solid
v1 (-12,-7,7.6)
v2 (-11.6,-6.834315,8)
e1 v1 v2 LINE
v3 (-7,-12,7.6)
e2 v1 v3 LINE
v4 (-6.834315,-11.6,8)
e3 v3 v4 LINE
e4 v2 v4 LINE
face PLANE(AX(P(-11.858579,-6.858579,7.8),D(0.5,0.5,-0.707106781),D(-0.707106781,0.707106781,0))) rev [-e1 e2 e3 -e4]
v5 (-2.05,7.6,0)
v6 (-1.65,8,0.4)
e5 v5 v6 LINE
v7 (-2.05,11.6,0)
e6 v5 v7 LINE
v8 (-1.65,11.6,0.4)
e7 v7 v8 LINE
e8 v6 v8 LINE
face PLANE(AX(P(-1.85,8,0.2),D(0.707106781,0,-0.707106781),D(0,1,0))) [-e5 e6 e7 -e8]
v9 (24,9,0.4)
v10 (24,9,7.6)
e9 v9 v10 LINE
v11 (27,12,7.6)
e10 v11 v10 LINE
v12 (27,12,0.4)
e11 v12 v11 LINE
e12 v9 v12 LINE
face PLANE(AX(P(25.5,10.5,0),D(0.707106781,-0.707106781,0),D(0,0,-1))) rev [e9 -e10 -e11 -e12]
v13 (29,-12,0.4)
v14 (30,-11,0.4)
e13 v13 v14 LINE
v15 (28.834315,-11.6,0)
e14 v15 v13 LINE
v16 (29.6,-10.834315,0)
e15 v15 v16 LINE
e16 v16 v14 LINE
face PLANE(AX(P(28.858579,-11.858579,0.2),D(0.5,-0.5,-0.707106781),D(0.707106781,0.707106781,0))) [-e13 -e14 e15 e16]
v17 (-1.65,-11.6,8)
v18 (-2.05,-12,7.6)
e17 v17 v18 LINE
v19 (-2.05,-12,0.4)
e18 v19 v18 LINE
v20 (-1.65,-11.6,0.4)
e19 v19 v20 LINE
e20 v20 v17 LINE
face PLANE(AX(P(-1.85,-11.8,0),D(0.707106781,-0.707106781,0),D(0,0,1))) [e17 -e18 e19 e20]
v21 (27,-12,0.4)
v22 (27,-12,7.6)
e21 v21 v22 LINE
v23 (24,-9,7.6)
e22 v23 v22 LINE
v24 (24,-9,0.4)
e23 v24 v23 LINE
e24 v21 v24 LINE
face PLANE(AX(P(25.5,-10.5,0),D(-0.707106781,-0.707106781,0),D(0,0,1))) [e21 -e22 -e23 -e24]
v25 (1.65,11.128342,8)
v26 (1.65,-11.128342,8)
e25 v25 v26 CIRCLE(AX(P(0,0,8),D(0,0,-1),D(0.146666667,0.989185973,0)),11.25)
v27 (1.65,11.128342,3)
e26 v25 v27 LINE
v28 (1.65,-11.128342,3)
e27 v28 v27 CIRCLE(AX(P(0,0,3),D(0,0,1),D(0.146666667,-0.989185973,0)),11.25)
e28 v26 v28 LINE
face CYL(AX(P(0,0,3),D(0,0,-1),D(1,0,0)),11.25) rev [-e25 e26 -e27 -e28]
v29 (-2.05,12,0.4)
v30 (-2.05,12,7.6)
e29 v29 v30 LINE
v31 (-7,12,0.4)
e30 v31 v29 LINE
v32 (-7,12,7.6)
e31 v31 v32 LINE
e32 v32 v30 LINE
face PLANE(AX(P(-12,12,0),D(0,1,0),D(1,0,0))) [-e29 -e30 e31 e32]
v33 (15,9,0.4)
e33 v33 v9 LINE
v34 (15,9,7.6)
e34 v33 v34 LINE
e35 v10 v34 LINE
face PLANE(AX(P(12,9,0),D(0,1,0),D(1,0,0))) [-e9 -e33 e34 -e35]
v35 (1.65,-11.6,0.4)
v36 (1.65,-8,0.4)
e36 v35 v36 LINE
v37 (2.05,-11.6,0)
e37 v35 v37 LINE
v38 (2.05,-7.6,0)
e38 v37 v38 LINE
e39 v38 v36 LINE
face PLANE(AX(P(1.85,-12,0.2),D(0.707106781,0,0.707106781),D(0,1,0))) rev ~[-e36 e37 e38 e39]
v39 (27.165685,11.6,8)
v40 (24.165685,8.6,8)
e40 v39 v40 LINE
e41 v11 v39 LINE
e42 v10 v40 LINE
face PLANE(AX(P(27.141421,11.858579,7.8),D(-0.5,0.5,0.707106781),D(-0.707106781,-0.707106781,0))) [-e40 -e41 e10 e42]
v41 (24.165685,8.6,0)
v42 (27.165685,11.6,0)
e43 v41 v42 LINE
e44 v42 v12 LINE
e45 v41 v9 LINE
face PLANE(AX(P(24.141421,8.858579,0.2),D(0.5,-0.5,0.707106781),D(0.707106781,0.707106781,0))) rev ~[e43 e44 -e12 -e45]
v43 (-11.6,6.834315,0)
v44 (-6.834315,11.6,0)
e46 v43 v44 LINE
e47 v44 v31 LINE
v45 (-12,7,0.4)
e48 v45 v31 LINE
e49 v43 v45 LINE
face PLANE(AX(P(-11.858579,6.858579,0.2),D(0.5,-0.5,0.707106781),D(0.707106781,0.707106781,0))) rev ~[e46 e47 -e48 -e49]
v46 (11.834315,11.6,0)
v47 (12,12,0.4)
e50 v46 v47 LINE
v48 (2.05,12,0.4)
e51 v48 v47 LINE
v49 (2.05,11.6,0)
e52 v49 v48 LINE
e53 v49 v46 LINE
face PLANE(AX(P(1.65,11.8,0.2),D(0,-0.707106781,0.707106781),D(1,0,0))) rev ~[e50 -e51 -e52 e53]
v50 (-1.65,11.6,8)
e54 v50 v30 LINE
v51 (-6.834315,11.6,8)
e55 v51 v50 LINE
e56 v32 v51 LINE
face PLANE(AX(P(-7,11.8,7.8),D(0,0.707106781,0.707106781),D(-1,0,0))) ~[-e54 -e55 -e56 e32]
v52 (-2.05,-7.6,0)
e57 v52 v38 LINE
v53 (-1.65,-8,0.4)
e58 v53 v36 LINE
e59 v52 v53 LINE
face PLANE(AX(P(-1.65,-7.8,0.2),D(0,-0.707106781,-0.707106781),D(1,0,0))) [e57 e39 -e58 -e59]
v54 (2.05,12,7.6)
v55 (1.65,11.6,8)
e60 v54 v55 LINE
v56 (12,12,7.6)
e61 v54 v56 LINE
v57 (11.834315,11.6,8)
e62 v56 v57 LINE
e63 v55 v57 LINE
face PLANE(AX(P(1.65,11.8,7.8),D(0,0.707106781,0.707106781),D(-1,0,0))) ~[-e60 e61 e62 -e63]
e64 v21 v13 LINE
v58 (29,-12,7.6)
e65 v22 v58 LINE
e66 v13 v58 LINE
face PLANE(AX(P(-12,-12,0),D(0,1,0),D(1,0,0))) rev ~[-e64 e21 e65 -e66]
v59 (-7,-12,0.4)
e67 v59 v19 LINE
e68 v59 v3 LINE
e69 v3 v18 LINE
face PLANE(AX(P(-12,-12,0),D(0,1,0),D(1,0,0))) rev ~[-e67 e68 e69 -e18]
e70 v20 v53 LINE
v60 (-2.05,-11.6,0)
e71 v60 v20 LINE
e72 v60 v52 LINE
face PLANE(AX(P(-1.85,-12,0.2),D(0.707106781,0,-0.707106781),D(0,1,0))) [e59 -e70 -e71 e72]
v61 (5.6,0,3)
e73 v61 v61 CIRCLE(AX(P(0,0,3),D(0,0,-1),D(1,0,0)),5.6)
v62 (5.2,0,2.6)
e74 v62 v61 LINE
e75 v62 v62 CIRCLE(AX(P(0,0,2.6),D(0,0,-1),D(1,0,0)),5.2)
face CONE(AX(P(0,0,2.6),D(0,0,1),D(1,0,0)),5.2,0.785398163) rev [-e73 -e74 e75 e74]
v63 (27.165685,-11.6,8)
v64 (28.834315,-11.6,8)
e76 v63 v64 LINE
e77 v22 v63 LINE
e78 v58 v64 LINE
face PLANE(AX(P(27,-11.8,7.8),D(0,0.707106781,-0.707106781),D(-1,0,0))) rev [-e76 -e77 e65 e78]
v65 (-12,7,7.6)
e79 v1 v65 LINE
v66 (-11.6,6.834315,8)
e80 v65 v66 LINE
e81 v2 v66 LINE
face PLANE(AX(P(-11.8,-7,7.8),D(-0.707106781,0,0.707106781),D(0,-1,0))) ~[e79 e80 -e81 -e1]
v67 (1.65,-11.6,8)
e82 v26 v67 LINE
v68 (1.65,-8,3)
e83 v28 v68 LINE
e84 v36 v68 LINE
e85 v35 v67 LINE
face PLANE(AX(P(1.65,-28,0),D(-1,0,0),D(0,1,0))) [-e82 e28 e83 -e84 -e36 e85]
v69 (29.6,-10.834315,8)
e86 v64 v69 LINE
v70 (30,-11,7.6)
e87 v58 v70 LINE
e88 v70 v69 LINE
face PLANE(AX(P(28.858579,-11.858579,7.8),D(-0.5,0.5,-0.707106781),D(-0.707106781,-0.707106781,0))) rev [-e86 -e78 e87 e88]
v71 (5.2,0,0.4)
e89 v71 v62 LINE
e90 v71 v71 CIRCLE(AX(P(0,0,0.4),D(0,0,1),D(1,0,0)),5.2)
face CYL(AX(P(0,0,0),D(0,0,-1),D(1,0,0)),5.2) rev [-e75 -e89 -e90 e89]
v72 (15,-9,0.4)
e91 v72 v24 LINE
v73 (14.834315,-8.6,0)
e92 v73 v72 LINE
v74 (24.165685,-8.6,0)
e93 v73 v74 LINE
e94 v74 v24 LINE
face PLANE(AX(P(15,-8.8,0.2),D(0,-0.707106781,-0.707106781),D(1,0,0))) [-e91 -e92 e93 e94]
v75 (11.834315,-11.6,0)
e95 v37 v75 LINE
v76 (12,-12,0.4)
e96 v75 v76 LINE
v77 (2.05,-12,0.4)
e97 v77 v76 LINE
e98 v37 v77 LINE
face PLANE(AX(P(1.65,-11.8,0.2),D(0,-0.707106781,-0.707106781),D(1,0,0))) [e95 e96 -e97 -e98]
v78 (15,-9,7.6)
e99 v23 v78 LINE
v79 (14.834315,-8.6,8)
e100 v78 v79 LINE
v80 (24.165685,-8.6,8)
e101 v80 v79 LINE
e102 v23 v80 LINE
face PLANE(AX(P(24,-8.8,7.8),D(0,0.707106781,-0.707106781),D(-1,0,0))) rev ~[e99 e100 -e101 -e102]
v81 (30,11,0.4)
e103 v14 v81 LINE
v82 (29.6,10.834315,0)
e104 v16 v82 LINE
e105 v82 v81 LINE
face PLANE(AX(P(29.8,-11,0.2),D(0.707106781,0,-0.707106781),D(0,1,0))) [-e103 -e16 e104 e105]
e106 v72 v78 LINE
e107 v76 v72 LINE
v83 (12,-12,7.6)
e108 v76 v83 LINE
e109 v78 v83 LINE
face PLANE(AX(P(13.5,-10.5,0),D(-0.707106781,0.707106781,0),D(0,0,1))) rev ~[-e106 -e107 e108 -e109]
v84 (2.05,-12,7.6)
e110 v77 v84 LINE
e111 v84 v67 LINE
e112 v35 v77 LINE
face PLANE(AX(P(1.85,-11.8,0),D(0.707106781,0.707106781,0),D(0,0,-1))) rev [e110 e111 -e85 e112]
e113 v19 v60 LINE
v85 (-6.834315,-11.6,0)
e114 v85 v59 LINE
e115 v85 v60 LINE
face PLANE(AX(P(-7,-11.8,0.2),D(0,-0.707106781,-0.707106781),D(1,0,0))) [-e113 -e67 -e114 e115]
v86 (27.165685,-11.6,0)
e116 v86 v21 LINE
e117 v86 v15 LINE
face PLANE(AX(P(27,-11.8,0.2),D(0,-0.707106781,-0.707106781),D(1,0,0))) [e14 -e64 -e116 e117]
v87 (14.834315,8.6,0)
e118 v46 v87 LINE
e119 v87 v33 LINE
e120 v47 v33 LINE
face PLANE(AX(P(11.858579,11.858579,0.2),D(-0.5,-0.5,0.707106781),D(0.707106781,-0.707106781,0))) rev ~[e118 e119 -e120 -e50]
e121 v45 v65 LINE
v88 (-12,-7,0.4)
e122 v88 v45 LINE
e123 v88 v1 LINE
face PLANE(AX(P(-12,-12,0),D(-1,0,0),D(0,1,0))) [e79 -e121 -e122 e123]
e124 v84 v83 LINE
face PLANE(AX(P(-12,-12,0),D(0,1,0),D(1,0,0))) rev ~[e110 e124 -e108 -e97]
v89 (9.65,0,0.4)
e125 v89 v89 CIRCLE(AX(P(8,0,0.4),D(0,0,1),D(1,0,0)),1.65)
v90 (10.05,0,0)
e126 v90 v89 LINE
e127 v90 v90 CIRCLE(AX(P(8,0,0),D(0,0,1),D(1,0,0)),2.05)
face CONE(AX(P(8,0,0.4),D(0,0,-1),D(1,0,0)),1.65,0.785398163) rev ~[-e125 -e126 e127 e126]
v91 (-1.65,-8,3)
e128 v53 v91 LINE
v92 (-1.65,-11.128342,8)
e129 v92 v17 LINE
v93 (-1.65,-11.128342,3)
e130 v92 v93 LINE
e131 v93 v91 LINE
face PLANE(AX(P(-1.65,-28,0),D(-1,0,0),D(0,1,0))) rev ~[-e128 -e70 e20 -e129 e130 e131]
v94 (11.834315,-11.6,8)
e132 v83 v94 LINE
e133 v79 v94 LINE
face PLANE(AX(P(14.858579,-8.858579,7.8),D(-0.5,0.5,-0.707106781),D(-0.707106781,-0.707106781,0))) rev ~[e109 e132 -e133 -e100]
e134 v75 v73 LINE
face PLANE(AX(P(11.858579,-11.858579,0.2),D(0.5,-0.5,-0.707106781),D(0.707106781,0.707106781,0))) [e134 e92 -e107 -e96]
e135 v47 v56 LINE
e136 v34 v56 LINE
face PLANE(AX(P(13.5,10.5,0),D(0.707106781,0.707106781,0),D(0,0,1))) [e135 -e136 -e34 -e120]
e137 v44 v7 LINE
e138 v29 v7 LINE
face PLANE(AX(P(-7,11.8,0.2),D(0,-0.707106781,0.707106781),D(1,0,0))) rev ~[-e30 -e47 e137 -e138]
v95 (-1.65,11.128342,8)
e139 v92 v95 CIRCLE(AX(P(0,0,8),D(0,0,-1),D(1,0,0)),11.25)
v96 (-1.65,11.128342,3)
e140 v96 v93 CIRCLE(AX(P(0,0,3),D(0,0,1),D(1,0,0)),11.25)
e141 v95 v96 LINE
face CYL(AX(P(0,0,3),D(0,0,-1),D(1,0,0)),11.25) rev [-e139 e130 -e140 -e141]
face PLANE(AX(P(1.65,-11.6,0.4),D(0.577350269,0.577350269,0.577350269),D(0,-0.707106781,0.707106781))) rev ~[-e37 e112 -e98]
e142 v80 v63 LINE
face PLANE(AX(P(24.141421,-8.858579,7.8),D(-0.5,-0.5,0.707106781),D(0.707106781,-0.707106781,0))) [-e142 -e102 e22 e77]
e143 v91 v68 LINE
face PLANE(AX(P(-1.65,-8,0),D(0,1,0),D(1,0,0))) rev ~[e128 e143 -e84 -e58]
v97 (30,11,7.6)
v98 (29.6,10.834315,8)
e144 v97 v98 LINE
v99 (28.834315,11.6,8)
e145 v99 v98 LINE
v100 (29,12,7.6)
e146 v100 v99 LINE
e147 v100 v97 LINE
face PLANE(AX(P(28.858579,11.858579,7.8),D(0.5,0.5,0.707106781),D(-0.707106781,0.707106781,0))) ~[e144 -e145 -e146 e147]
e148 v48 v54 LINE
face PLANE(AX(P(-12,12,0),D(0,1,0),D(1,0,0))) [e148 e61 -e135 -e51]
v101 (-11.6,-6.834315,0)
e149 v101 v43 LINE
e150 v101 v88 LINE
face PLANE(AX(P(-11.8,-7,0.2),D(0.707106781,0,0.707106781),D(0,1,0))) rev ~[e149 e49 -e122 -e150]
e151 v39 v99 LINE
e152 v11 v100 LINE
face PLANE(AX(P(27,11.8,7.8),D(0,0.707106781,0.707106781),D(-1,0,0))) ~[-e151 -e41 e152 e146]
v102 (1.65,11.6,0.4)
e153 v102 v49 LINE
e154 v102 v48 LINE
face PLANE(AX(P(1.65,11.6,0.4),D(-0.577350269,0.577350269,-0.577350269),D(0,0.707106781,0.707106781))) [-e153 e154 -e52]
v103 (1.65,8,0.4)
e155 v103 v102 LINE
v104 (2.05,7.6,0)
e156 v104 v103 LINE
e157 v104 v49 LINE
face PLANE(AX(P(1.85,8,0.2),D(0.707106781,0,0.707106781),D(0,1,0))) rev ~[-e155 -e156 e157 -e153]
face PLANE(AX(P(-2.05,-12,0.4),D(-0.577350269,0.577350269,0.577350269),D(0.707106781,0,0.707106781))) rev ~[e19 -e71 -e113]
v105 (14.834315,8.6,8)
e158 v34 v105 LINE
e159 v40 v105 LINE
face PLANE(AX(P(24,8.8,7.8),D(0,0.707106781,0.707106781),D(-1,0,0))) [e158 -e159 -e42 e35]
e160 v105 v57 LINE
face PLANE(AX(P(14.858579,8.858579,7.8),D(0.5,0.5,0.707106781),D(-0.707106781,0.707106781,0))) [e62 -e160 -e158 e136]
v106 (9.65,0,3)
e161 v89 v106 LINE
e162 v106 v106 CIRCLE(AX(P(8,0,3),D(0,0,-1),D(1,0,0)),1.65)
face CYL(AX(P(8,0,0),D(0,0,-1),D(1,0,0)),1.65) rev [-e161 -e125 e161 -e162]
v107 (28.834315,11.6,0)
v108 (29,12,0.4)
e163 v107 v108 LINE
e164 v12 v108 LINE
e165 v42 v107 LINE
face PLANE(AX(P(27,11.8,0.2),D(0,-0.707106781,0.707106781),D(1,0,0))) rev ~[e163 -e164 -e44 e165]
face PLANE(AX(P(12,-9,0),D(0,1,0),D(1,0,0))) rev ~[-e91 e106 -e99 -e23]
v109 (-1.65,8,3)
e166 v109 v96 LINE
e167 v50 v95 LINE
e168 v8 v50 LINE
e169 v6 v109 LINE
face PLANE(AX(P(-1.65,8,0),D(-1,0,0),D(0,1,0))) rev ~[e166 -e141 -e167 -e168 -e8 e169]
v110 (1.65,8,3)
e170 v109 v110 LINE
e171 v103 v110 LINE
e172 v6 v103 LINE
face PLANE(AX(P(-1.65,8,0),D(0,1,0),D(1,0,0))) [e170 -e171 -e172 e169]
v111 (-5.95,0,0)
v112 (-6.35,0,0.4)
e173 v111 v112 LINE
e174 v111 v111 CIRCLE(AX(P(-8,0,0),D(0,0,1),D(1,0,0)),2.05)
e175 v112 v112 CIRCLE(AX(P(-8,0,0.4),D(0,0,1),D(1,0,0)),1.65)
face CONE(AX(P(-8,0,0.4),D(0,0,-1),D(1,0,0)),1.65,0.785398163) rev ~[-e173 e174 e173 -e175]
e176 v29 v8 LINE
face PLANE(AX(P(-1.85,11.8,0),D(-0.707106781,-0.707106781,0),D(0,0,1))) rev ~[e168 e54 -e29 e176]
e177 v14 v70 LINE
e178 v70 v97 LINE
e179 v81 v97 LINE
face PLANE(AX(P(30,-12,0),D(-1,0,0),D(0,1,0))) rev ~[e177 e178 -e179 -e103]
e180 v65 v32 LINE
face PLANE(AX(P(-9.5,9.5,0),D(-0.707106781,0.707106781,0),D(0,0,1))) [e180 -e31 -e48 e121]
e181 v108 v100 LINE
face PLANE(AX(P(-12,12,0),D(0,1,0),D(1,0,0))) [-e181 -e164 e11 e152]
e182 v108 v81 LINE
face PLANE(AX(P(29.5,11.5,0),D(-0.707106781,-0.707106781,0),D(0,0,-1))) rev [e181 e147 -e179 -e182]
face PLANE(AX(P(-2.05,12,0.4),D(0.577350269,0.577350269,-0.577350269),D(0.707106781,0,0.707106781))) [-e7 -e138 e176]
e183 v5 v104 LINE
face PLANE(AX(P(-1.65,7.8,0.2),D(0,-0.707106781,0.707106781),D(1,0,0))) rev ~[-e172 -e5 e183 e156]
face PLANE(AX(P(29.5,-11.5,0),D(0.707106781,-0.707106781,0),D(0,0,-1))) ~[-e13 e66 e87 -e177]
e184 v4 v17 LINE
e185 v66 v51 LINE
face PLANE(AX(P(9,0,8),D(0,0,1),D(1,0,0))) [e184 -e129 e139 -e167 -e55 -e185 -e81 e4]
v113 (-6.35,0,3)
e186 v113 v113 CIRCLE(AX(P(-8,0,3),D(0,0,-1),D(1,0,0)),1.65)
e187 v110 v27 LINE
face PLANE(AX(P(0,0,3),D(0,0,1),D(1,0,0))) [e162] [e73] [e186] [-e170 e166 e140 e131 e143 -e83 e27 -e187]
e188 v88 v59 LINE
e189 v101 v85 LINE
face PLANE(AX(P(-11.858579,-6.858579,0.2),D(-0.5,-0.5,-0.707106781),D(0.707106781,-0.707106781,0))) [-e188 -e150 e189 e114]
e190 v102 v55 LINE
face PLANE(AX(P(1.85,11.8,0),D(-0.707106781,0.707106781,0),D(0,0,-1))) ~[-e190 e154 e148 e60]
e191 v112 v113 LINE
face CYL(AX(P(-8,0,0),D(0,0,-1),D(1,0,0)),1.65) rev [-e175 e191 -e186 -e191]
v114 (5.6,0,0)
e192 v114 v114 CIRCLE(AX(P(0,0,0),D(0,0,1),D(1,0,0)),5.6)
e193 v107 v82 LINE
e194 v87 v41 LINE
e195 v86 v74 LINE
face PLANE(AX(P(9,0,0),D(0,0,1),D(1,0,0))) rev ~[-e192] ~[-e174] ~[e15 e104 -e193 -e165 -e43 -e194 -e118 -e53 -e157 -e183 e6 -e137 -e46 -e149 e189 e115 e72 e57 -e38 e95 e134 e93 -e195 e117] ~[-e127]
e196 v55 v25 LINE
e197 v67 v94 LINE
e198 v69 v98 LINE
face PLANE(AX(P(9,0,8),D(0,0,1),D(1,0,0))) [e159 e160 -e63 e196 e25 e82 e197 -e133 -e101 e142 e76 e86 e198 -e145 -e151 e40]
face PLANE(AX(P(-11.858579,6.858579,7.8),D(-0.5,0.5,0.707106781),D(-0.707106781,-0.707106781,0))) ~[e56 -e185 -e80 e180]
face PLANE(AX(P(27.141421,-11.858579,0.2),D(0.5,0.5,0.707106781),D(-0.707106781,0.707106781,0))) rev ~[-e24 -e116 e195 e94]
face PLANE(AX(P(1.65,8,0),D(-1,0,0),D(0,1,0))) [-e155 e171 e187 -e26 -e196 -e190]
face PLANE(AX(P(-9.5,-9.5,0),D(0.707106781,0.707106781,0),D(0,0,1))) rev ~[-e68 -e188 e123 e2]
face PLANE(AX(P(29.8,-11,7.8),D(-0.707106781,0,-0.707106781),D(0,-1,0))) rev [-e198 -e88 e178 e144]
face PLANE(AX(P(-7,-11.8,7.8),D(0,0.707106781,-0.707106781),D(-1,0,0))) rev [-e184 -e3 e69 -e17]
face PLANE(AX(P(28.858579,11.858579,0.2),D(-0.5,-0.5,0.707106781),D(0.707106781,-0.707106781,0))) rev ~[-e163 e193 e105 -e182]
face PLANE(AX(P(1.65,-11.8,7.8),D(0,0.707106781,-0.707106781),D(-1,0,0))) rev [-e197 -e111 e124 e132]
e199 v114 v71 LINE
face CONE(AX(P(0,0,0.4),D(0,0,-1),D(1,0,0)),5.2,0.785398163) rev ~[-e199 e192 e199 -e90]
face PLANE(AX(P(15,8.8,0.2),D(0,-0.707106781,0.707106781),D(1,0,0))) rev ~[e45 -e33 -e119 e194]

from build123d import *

# Parameters (mm, degrees)
CYLINDER023_R     = 11.25
CYLINDER023_DEPTH = 17
BOX007_W          = 15
BOX007_H          = 4
BOX007_DEPTH      = 20
CHAMFER001_SIZE   = 3
BOX006_W          = 3.3
BOX006_H          = 20
BOX006_DEPTH      = 15
BOX005_W          = 3.3
BOX005_H          = 20
BOX005_DEPTH      = 15
CYLINDER009_R     = 5.2
CYLINDER009_DEPTH = 10
CYLINDER010_R     = 1.65
CYLINDER010_DEPTH = 10
CYLINDER011_R     = 1.65
CYLINDER011_DEPTH = 10
BOX008_W          = 15
BOX008_H          = 4
BOX008_DEPTH      = 20
CHAMFER002_SIZE   = 3
BOX_W             = 42
BOX_H             = 24
BOX_DEPTH         = 8
CHAMFER_SIZE      = 5
CHAMFER008_SIZE   = 1
CHAMFER009_SIZE   = 0.4


with BuildPart() as cylinder023:
    # Cylinder023 → Cylinder023 (new body)
    with BuildSketch(Plane.XY.offset(3)):
        Circle(CYLINDER023_R)
    extrude(amount=CYLINDER023_DEPTH)


with BuildPart() as chamfer001:
    # Box007 → Box007 (new body)
    with BuildSketch(Plane(origin=(15, 12, 0), x_dir=(1, 0, 0), z_dir=(0, 0, 1))):
        with Locations((7.5, 2)):
            Rectangle(BOX007_W, BOX007_H)
    extrude(amount=BOX007_DEPTH)

    # Chamfer001
    chamfer001_edges = [chamfer001.edges().sort_by_distance(p)[0] for p in [
        (15, 12, 10),
        (30, 12, 10),
    ]]
    chamfer(chamfer001_edges, length=CHAMFER001_SIZE)


with BuildPart() as chamfer001_1:
    # Chamfer001 placement: moved
    add(chamfer001.part.moved(Location((-3, -3, 0))))


with BuildPart() as cube006:
    # Box006 → Box006 (new body)
    with BuildSketch(Plane(origin=(-1.65, 8, 0), x_dir=(1, 0, 0), z_dir=(0, 0, 1))):
        with Locations((1.65, 10)):
            Rectangle(BOX006_W, BOX006_H)
    extrude(amount=BOX006_DEPTH)


with BuildPart() as cube005:
    # Box005 → Box005 (new body)
    with BuildSketch(Plane(origin=(-1.65, -28, 0), x_dir=(1, 0, 0), z_dir=(0, 0, 1))):
        with Locations((1.65, 10)):
            Rectangle(BOX005_W, BOX005_H)
    extrude(amount=BOX005_DEPTH)


with BuildPart() as cylinder009:
    # Cylinder009 → Cylinder009 (new body)
    with BuildSketch(Plane.XY):
        Circle(CYLINDER009_R)
    extrude(amount=CYLINDER009_DEPTH)


with BuildPart() as cylinder010:
    # Cylinder010 → Cylinder010 (new body)
    with BuildSketch(Plane(origin=(-8, 0, 0), x_dir=(1, 0, 0), z_dir=(0, 0, 1))):
        Circle(CYLINDER010_R)
    extrude(amount=CYLINDER010_DEPTH)


with BuildPart() as cylinder011:
    # Cylinder011 → Cylinder011 (new body)
    with BuildSketch(Plane(origin=(8, 0, 0), x_dir=(1, 0, 0), z_dir=(0, 0, 1))):
        Circle(CYLINDER011_R)
    extrude(amount=CYLINDER011_DEPTH)


with BuildPart() as fusion014:
    # Box008 → Box008 (new body)
    with BuildSketch(Plane(origin=(15, -16, 0), x_dir=(1, 0, 0), z_dir=(0, 0, 1))):
        with Locations((7.5, 2)):
            Rectangle(BOX008_W, BOX008_H)
    extrude(amount=BOX008_DEPTH)

    # Chamfer002
    chamfer002_edges = [fusion014.edges().sort_by_distance(p)[0] for p in [
        (15, -12, 10),
        (30, -12, 10),
    ]]
    chamfer(chamfer002_edges, length=CHAMFER002_SIZE)


with BuildPart() as fusion014_1:
    # Chamfer002 placement: moved
    add(fusion014.part.moved(Location((-3, 3, 0))))

    # Fusion014: union Chamfer001, Cube006, Cube005, Cylinder009, Cylinder010, Cylinder011
    add(chamfer001_1.part)
    add(cube006.part)
    add(cube005.part)
    add(cylinder009.part)
    add(cylinder010.part)
    add(cylinder011.part)


with BuildPart() as supporter:
    # Box → Box (new body)
    with BuildSketch(Plane(origin=(-12, -12, 0), x_dir=(1, 0, 0), z_dir=(0, 0, 1))):
        with Locations((21, 12)):
            Rectangle(BOX_W, BOX_H)
    extrude(amount=BOX_DEPTH)

    # Cut: cut Fusion014
    add(fusion014_1.part, mode=Mode.SUBTRACT)

    # Cut017021004: cut Cylinder023
    add(cylinder023.part, mode=Mode.SUBTRACT)

    # Chamfer
    chamfer_edges = [supporter.edges().sort_by_distance(p)[0] for p in [
        (-12, -12, 4),
        (-12, 12, 4),
    ]]
    chamfer(chamfer_edges, length=CHAMFER_SIZE)

    # Chamfer008
    chamfer008_edges = [supporter.edges().sort_by_distance(p)[0] for p in [
        (30, 12, 4),
        (30, -12, 4),
    ]]
    chamfer(chamfer008_edges, length=CHAMFER008_SIZE)

    # Chamfer009
    chamfer009_edges = [supporter.edges().sort_by_distance(p)[0] for p in [
        (28, 12, 0),
        (29.5, 11.5, 0),
        (25.5, 10.5, 0),
        (30, 0, 0),
        (19.5, 9, 0),
        (29.5, -11.5, 0),
        (13.5, 10.5, 0),
        (28, -12, 0),
        (6.825, 12, 0),
        (25.5, -10.5, 0),
        (1.65, 10, 0),
        (19.5, -9, 0),
        (0, 8, 0),
        (13.5, -10.5, 0),
        (-1.65, 10, 0),
        (6.825, -12, 0),
        (-4.325, 12, 0),
        (1.65, -10, 0),
        (-9.5, 9.5, 0),
        (0, -8, 0),
        (-12, 0, 0),
        (-1.65, -10, 0),
        (-9.5, -9.5, 0),
        (-4.325, -12, 0),
        (6.35, 0, 0),
        (-5.2, 0, 0),
        (-9.65, 0, 0),
        (28, 12, 8),
        (29.5, 11.5, 8),
        (25.5, 10.5, 8),
        (30, 0, 8),
        (19.5, 9, 8),
        (29.5, -11.5, 8),
        (13.5, 10.5, 8),
        (28, -12, 8),
        (6.825, 12, 8),
        (1.65, 12, 4),
        (25.5, -10.5, 8),
        (19.5, -9, 8),
        (13.5, -10.5, 8),
        (-1.65, 12, 4),
        (6.825, -12, 8),
        (1.65, -12, 4),
        (-4.325, 12, 8),
        (-9.5, 9.5, 8),
        (-12, 0, 8),
        (-1.65, -12, 4),
        (-9.5, -9.5, 8),
        (-4.325, -12, 8),
        (-5.2, 0, 3),
    ]]
    chamfer(chamfer009_edges, length=CHAMFER009_SIZE)


solid = supporter.part
